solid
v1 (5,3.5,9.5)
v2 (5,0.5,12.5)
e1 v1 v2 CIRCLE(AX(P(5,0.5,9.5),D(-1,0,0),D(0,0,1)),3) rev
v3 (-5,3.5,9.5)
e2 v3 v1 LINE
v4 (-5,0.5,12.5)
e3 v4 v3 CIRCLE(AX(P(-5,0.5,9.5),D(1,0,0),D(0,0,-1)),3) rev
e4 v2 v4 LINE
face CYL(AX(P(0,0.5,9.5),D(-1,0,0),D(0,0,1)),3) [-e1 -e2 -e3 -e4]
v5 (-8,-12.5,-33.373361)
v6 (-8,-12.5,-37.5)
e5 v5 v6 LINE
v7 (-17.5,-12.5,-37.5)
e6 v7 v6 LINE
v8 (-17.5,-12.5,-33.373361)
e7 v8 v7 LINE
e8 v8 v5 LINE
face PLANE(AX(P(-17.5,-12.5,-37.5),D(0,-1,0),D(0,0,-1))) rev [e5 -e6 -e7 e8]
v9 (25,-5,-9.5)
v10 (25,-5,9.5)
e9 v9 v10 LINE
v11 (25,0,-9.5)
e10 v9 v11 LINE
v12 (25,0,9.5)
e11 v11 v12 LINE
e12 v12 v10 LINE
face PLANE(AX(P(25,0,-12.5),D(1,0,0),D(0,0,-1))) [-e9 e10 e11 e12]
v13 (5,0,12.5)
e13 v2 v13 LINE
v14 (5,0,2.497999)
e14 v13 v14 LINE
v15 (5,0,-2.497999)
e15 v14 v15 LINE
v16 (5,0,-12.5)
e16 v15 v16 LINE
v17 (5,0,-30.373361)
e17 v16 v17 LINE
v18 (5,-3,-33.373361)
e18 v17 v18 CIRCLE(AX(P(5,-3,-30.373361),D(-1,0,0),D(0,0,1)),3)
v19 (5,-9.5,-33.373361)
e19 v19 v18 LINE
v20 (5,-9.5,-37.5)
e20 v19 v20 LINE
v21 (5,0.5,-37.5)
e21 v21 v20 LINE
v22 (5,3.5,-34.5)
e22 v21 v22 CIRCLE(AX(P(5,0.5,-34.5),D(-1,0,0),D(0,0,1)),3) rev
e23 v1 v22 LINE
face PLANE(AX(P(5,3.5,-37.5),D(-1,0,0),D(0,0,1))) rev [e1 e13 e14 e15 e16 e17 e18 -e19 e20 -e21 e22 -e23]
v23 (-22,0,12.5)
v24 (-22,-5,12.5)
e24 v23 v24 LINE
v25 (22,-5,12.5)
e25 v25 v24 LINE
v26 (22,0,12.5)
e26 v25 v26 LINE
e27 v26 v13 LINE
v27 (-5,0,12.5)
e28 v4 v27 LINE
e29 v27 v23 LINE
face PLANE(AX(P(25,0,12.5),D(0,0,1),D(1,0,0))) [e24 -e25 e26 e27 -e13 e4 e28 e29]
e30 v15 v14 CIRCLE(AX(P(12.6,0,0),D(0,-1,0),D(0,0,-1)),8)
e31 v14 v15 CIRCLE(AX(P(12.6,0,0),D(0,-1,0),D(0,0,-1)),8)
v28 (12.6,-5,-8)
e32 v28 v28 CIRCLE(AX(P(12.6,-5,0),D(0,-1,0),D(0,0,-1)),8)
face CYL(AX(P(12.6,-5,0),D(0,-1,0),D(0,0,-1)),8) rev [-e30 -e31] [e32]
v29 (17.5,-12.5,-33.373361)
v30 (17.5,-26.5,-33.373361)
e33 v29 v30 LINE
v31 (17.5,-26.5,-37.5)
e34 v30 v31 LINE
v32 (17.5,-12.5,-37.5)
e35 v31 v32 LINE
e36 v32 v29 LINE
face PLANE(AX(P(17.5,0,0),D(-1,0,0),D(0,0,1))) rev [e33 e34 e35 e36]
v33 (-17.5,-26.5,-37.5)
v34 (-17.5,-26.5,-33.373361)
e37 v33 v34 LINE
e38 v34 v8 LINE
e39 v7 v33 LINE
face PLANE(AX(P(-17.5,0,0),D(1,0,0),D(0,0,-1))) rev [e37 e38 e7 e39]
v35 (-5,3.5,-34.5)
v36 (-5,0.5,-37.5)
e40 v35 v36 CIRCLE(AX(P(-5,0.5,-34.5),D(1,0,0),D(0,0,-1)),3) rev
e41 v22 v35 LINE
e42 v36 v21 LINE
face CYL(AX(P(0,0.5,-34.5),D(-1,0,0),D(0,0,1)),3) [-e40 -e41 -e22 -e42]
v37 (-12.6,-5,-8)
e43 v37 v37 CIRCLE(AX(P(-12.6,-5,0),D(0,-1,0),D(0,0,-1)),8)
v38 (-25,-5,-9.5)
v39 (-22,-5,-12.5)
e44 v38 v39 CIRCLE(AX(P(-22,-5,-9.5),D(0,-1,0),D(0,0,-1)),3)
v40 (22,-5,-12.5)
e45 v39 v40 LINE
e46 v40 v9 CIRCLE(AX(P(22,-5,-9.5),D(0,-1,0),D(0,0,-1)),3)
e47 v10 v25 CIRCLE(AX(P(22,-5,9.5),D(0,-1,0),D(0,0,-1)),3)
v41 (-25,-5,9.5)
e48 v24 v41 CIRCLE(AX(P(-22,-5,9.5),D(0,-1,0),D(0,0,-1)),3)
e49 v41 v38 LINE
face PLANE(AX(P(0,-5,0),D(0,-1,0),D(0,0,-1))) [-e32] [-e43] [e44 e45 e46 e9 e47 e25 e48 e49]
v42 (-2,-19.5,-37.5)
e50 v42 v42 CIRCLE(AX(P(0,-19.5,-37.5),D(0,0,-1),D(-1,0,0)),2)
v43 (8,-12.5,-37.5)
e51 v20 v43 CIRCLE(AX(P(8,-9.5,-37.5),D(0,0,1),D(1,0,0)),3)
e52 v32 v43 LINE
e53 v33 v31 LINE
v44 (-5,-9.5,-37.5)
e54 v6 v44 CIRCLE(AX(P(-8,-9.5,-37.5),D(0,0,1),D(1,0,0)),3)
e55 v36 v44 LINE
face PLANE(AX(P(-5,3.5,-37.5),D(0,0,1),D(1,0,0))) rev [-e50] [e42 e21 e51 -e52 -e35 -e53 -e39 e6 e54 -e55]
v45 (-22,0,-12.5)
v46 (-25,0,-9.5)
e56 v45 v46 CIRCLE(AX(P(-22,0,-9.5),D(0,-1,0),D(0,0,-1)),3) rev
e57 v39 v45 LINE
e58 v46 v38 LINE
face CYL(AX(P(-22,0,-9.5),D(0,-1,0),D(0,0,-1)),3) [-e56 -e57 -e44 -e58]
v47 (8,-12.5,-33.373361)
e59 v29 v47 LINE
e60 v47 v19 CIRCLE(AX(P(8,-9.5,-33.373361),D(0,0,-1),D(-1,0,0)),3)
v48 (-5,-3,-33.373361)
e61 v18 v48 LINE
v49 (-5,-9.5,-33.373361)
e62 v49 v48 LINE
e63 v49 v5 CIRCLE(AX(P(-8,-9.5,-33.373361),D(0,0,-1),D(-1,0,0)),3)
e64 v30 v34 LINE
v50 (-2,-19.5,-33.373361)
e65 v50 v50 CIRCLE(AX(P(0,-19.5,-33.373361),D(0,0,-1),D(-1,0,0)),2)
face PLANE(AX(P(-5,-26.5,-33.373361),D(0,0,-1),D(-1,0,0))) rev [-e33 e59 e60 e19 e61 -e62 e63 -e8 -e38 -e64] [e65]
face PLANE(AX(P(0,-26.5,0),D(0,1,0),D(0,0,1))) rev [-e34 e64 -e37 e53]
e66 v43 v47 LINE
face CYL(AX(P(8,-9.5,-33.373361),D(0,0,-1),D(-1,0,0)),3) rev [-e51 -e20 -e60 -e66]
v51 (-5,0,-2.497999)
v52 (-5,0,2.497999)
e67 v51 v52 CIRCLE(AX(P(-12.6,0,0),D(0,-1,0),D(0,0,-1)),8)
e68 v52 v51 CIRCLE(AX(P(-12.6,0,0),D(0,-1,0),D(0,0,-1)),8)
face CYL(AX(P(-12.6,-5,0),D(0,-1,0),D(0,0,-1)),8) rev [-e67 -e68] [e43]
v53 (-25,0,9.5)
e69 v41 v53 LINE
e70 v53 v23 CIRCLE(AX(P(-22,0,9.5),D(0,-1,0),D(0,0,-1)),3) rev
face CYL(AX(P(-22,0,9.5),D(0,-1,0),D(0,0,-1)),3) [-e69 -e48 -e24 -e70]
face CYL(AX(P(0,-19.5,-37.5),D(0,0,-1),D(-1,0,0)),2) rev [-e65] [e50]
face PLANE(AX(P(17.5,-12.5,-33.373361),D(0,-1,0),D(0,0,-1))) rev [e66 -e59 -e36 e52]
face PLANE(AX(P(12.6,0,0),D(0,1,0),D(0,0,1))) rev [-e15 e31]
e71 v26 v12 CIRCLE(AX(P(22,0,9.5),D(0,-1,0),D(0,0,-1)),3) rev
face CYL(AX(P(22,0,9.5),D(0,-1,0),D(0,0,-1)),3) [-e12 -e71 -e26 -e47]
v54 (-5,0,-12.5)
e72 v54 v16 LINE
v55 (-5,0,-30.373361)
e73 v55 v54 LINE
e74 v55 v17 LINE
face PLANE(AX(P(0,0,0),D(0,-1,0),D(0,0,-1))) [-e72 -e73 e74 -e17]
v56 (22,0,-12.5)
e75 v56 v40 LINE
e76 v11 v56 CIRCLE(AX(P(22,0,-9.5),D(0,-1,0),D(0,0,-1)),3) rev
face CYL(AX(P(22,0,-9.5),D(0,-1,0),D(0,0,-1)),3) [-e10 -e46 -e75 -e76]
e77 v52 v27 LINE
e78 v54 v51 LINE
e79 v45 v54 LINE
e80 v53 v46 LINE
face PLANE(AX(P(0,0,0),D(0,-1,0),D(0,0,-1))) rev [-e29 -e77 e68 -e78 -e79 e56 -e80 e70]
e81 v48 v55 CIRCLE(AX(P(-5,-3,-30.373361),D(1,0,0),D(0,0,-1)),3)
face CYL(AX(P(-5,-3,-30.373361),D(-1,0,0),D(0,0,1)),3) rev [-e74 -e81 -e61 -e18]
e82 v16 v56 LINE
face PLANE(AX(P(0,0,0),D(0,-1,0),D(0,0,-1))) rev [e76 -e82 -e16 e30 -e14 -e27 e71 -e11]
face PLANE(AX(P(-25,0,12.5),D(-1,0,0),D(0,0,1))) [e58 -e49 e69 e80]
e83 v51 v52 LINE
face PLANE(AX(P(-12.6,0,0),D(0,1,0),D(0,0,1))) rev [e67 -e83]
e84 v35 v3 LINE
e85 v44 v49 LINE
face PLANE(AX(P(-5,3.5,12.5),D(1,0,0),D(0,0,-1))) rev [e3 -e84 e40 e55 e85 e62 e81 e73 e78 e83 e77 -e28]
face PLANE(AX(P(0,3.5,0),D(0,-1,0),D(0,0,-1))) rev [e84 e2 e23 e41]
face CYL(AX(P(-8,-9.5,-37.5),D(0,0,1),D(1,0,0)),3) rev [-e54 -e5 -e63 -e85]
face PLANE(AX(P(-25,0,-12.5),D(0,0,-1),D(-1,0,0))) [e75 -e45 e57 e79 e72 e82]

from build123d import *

# Parameters (mm, degrees)
SKETCH1_W                      = 50
SKETCH1_H                      = 25
BOSS_EXTRUDE1_DEPTH            = 5
SKETCH2_W                      = 10
SKETCH2_H                      = 50
BOSS_EXTRUDE2_DEPTH            = 3.5
SKETCH3_W                      = 10
SKETCH3_H                      = 4.126638733
BOSS_EXTRUDE3_DEPTH            = 26.5
SKETCH4_W                      = 4.126638733
SKETCH4_H                      = 14
BOSS_EXTRUDE4_DEPTH            = 12.5
SKETCH5_W                      = 4.126638733
SKETCH5_H                      = 14
BOSS_EXTRUDE5_DEPTH            = 12.5
F_4_0_4_DIAMETER_HOLE1_D       = 4
F_4_0_4_DIAMETER_HOLE1_DEPTH   = 50
F_16_0_16_DIAMETER_HOLE1_D     = 16
F_16_0_16_DIAMETER_HOLE1_DEPTH = 5
FILLET1_R                      = 3


with BuildPart() as part:
    # Sketch1 → Boss-Extrude1 (new body)
    with BuildSketch(Plane.XZ.offset(5)):
        Rectangle(SKETCH1_W, SKETCH1_H)
    extrude(amount=-BOSS_EXTRUDE1_DEPTH)

    # Sketch2 → Boss-Extrude2 (add)
    with BuildSketch(Plane(origin=(0, 0, 0), x_dir=(-1, 0, 0), z_dir=(0, 1, 0))):
        with Locations((0, -12.5)):
            Rectangle(SKETCH2_W, SKETCH2_H)
    extrude(amount=BOSS_EXTRUDE2_DEPTH)

    # Sketch3 → Boss-Extrude3 (add)
    with BuildSketch(Plane.XZ):
        with Locations((0, -35.436680634)):
            Rectangle(SKETCH3_W, SKETCH3_H)
    extrude(amount=BOSS_EXTRUDE3_DEPTH)

    # Sketch4 → Boss-Extrude4 (add)
    with BuildSketch(Plane(origin=(5, 0, 0), x_dir=(0, 0, -1), z_dir=(1, 0, 0))):
        with Locations((35.436680634, -19.5)):
            Rectangle(SKETCH4_W, SKETCH4_H)
    extrude(amount=BOSS_EXTRUDE4_DEPTH)

    # Sketch5 → Boss-Extrude5 (add)
    with BuildSketch(Plane.ZY.offset(5)):
        with Locations((-35.436680634, -19.5)):
            Rectangle(SKETCH5_W, SKETCH5_H)
    extrude(amount=BOSS_EXTRUDE5_DEPTH)

    # Ø4.0 (4) Diameter Hole1
    with Locations(Plane(origin=(0, 0, -37.5), x_dir=(-1, 0, 0), z_dir=(0, 0, -1))):
        with Locations((0, -19.5)):
            Hole(F_4_0_4_DIAMETER_HOLE1_D / 2, depth=F_4_0_4_DIAMETER_HOLE1_DEPTH)

    # Ø16.0 (16) Diameter Hole1
    with Locations(Plane.XZ.offset(5)):
        with Locations((-12.6, 0)):
            f_16_0_16_diameter_hole1 = Hole(F_16_0_16_DIAMETER_HOLE1_D / 2, depth=F_16_0_16_DIAMETER_HOLE1_DEPTH)

    # Fillet1
    fillet1_edges = [part.edges().sort_by_distance(p)[0] for p in [
        (0, 3.5, 12.5),
        (0, 3.5, -37.5),
        (0, 0, -33.373361267),
        (5, -12.5, -35.436680634),
        (-5, -12.5, -35.436680634),
        (25, -2.5, 12.5),
        (25, -2.5, -12.5),
        (-25, -2.5, -12.5),
        (-25, -2.5, 12.5),
    ]]
    fillet(fillet1_edges, radius=FILLET1_R)

    # Mirror1: Ø16.0 (16) Diameter Hole1 across plane
    add(f_16_0_16_diameter_hole1.mirror(Plane(origin=(0, 0, 0), x_dir=(0, 0, 1), z_dir=(1, 0, 0))), mode=Mode.SUBTRACT)


solid = part.part
